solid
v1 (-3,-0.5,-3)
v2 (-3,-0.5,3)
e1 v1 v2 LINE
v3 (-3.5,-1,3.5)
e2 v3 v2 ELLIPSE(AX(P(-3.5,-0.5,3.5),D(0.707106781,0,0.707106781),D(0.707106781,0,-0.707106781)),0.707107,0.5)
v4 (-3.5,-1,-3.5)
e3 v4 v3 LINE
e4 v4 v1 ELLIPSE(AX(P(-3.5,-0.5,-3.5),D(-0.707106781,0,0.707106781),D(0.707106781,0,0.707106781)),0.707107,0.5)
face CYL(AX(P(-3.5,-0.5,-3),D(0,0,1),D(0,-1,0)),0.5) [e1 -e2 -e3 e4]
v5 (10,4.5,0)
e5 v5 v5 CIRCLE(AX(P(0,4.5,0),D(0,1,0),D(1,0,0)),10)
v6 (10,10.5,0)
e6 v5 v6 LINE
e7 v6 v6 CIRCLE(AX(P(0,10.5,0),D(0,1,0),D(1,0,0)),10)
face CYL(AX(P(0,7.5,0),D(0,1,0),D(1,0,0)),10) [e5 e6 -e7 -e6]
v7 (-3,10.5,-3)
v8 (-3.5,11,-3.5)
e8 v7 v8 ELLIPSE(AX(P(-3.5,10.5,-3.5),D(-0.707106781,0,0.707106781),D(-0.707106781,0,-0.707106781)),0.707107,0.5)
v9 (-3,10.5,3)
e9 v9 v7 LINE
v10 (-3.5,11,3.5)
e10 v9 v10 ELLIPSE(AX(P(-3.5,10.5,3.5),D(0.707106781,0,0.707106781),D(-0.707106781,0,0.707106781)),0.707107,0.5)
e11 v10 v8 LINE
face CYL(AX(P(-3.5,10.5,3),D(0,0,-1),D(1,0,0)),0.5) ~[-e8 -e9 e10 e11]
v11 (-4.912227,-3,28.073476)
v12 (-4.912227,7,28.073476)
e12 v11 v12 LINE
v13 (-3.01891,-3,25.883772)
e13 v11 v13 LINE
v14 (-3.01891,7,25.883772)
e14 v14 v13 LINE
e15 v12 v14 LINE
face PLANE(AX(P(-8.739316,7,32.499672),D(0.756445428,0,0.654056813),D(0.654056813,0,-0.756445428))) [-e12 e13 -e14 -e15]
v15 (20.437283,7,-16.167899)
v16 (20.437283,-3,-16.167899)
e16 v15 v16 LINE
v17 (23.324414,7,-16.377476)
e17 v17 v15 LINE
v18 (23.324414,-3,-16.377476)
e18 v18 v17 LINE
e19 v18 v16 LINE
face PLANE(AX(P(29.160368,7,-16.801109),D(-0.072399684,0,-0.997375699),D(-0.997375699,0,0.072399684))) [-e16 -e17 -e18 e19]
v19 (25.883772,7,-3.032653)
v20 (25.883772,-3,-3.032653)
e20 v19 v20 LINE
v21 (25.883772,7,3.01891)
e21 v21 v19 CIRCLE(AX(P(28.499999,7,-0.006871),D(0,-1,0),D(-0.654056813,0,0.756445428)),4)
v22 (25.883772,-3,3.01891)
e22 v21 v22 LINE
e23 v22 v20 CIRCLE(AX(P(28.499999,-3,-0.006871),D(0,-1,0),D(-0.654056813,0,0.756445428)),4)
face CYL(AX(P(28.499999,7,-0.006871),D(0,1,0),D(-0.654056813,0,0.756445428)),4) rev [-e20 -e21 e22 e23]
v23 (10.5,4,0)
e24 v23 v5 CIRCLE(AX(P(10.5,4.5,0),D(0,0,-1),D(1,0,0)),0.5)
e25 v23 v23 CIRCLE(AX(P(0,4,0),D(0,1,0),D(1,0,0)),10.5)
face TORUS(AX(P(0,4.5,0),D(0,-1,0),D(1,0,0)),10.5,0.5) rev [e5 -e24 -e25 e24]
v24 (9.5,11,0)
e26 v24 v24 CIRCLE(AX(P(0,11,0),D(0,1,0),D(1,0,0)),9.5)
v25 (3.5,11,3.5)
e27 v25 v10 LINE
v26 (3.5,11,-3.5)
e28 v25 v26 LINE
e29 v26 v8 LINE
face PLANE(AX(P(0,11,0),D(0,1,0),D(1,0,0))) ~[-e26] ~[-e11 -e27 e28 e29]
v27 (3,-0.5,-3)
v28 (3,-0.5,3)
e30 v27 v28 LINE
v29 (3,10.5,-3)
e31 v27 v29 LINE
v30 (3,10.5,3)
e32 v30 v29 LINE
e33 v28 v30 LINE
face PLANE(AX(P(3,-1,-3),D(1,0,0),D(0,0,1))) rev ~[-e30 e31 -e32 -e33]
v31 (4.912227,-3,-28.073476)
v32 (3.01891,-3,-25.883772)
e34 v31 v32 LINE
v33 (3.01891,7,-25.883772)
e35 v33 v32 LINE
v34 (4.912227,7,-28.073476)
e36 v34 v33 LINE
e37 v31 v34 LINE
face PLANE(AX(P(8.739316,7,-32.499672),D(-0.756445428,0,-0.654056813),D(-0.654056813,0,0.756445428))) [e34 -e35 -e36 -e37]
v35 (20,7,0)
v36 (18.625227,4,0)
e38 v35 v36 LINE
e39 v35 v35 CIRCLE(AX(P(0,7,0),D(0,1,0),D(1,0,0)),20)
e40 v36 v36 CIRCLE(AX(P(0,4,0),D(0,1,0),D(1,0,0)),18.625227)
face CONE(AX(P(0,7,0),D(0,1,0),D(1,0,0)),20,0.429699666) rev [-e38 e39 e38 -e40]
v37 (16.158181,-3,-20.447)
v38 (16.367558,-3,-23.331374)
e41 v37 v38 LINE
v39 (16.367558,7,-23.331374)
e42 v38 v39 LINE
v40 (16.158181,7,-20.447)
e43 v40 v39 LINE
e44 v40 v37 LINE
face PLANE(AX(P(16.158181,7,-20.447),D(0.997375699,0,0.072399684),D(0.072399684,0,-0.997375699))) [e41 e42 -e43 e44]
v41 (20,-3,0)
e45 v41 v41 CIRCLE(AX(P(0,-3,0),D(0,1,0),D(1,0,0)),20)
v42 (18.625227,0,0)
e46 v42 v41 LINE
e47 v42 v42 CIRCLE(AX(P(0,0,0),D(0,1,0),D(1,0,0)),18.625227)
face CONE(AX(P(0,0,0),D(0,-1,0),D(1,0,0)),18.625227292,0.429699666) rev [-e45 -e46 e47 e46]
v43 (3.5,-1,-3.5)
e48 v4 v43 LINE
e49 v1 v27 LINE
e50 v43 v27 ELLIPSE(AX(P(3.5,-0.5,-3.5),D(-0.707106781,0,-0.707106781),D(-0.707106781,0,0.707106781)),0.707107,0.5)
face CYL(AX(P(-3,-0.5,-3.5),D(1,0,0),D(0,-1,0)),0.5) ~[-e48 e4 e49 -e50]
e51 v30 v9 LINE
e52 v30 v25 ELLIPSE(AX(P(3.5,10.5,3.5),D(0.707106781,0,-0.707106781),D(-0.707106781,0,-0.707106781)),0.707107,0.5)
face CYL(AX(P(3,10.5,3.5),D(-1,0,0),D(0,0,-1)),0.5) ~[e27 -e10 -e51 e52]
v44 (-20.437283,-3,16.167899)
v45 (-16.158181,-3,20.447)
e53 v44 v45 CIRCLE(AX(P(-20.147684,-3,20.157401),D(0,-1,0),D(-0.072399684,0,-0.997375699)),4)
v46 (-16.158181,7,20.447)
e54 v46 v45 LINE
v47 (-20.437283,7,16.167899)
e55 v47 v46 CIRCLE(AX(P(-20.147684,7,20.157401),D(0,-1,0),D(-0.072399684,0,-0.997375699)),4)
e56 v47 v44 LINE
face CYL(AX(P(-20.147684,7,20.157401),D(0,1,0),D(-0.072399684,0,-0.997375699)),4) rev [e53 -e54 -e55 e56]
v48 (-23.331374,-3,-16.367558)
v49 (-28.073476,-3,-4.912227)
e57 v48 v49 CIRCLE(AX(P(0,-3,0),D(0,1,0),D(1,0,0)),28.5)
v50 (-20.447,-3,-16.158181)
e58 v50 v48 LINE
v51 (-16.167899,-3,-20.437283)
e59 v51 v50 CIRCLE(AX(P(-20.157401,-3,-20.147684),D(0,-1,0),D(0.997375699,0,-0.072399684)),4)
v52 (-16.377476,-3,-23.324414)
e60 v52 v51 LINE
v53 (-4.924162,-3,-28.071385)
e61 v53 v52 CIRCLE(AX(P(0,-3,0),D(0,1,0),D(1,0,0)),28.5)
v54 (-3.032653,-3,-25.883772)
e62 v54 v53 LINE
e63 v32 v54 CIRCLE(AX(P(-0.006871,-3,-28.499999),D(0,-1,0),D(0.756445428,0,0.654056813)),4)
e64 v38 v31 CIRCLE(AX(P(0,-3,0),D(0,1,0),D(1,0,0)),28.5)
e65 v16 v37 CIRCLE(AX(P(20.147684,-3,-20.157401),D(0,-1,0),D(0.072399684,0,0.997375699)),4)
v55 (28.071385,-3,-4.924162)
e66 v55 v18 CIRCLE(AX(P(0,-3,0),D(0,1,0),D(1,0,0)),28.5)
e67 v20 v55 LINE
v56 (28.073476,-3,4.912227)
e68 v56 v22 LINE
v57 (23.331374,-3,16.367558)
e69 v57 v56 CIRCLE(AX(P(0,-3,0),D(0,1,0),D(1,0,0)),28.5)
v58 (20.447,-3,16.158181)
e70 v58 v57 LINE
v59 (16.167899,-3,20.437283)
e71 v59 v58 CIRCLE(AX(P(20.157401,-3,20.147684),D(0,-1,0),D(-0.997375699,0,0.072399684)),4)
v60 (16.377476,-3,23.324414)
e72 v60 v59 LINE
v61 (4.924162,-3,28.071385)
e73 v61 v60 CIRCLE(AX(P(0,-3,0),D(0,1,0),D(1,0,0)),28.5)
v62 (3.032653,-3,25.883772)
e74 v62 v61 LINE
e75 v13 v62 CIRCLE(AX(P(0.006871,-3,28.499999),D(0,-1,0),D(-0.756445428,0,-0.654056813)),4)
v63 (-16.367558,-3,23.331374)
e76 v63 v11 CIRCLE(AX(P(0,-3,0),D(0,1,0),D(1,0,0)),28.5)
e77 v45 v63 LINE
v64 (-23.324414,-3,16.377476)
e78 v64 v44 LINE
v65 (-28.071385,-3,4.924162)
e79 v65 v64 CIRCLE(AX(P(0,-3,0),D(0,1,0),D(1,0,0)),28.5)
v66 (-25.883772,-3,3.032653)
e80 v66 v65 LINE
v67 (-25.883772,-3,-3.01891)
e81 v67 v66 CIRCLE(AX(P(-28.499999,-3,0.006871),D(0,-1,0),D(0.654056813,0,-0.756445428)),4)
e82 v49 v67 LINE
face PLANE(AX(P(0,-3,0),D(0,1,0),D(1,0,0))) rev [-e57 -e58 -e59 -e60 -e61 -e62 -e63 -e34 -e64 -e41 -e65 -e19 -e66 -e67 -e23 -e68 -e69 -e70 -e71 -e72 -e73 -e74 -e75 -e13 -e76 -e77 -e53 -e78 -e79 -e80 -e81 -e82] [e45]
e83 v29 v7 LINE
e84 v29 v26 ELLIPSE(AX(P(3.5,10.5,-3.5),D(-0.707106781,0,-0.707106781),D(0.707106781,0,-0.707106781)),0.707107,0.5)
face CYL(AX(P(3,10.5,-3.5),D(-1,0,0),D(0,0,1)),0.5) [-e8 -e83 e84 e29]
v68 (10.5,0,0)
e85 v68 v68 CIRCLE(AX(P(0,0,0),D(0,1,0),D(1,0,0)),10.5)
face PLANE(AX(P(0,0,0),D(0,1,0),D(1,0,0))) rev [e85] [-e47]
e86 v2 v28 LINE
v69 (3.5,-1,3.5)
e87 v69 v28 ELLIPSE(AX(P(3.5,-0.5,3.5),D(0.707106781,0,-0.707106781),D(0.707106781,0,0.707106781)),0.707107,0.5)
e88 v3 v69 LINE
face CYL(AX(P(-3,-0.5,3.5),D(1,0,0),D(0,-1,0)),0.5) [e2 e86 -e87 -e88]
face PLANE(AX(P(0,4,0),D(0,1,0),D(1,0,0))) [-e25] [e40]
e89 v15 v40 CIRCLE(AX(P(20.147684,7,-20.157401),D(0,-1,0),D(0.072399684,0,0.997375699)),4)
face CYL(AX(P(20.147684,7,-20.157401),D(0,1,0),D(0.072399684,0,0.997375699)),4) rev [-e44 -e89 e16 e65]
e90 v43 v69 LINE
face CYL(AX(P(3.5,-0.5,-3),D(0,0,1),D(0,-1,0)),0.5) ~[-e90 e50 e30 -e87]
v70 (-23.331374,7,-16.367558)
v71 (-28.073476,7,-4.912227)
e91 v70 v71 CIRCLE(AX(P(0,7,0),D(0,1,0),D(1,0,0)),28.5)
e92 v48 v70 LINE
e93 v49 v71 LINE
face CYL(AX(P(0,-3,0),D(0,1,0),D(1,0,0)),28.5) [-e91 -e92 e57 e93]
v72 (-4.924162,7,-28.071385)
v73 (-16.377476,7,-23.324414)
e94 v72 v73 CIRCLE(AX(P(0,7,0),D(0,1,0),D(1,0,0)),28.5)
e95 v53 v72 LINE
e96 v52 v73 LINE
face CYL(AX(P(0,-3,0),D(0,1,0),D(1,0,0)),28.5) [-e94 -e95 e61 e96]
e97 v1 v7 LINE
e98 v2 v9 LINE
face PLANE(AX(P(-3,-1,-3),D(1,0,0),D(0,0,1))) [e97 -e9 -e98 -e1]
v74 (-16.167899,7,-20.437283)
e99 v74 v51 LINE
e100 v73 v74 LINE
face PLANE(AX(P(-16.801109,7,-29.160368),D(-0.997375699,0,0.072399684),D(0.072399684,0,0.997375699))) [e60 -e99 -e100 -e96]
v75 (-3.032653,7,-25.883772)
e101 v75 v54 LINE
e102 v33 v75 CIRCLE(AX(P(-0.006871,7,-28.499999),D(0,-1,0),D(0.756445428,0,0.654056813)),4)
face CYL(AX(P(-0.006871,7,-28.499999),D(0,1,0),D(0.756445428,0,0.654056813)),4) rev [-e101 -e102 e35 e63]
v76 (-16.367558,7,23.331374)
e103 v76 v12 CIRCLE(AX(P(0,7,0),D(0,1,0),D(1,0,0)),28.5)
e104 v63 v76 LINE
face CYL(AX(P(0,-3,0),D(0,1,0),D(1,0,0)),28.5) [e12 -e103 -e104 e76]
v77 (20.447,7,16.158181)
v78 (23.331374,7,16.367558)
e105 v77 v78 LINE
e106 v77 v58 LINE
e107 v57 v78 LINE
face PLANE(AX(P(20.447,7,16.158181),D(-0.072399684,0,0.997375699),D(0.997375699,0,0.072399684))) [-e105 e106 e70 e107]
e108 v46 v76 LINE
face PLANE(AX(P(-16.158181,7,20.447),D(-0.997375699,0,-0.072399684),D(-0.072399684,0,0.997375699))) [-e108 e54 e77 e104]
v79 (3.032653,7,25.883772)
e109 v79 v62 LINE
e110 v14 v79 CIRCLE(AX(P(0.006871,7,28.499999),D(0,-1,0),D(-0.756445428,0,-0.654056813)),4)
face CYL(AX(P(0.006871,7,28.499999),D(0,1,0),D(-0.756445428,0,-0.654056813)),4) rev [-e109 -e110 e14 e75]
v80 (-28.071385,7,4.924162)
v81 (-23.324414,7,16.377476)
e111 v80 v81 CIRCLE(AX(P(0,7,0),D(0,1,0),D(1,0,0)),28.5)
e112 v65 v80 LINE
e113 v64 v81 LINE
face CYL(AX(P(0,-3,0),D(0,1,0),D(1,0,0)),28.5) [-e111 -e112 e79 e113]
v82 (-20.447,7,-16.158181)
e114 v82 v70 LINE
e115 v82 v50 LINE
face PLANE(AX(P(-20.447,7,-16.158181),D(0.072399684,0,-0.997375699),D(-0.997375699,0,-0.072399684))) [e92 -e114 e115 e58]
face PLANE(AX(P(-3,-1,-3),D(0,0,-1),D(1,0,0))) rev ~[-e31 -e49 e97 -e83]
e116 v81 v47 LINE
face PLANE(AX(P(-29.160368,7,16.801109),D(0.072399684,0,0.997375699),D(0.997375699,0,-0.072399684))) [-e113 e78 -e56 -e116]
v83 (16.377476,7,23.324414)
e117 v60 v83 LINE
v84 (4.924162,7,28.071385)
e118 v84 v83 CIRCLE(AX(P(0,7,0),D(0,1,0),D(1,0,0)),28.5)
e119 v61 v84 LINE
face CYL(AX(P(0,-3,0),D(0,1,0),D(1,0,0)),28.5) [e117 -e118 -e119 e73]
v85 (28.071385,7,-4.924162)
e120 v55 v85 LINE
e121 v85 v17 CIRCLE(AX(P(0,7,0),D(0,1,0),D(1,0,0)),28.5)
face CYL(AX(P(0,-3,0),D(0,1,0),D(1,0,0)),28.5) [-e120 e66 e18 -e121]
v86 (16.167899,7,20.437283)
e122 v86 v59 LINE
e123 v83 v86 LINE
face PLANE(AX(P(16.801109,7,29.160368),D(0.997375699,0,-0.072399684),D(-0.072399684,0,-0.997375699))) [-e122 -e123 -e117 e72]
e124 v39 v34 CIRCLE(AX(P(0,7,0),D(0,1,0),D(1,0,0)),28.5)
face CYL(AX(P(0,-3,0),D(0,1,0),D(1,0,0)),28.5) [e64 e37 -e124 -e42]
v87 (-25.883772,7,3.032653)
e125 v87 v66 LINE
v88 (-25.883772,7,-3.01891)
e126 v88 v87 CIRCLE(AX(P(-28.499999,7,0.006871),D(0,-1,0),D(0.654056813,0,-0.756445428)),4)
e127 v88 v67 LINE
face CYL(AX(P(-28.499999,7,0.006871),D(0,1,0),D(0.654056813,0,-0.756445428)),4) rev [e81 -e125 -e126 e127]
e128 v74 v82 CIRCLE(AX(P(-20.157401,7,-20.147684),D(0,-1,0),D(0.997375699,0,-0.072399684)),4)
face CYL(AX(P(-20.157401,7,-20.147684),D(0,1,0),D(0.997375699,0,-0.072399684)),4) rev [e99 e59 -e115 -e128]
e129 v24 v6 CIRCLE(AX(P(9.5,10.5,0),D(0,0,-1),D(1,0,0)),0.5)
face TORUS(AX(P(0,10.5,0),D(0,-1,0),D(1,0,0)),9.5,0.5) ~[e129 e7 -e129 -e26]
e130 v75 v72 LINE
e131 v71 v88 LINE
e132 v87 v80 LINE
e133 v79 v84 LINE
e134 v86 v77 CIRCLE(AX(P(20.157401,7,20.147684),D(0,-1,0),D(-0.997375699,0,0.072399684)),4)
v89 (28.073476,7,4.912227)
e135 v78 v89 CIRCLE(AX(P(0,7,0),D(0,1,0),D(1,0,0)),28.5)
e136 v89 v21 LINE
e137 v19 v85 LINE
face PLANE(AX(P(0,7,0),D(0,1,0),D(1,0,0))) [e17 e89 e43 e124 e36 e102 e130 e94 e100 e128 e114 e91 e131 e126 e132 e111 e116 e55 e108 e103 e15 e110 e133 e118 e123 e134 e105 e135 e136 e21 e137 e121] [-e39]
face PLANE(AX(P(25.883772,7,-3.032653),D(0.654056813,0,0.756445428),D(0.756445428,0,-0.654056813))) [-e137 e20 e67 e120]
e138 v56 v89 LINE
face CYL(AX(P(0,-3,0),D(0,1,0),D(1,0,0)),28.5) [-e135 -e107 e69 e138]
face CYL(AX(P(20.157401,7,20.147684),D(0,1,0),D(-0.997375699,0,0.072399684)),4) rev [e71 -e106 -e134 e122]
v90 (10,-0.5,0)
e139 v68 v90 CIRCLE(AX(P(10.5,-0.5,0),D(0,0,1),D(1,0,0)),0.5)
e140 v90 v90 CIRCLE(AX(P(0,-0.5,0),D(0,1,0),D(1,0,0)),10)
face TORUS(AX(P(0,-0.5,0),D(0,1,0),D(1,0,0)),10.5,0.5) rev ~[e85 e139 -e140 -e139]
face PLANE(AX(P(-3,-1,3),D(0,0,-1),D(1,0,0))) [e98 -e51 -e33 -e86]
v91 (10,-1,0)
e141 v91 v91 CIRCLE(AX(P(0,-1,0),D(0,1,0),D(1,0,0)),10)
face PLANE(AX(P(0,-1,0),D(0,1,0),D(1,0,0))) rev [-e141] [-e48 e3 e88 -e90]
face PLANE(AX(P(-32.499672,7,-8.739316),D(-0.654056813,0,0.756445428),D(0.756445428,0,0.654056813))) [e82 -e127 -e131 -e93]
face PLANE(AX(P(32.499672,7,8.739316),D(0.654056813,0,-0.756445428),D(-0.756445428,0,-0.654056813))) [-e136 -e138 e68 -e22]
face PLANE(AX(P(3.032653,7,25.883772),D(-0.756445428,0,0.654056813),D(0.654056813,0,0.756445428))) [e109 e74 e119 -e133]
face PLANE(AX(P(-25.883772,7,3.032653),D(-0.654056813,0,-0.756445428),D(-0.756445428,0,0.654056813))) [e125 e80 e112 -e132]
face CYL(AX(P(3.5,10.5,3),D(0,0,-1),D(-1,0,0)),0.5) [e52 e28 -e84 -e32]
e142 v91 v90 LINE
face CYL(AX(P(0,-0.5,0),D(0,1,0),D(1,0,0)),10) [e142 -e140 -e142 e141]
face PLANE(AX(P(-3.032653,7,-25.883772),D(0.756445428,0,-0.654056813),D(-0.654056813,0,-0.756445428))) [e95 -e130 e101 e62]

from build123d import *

# Parameters (mm, degrees)
SKETCH_1_W          = 10
SKETCH_1_H          = 7
SKETCH_1_H_2        = 1
FILLET_3_R          = 0.5
FILLET_4_R          = 0.5
CUT_EXTRUDE_1_DEPTH = 10
CUT_EXTRUDE_2_REACH = 14
SKETCH_5_W          = 6
SKETCH_5_H          = 6
FILLET_5_R          = 0.5
FILLET_6_R          = 0.5


with BuildPart() as part:
    # Эскиз1 → Повернуть1 (revolve)
    with BuildSketch(Plane.XY):
        Polygon((20, 4), (20, 2), (20, 0), (20, -3), (28.5, -3), (28.5, 7), (20, 7), align=None)
        Polygon((20, 0), (20, 2), (20, 4), (18.625227292, 4), (10, 4), (0, 4), (0, 0), (10, 0), (18.625227292, 0), align=None)
        with Locations((5, 7.5)):
            Rectangle(SKETCH_1_W, SKETCH_1_H)
        with Locations((5, -0.5)):
            Rectangle(SKETCH_1_W, SKETCH_1_H_2)
        Polygon((18.625227292, 4), (20, 4), (20, 7), align=None)
        Polygon((20, -3), (20, 0), (18.625227292, 0), align=None)
    revolve(axis=Axis((0, 0, 0), (0, 1, 0)))

    # Скругление3
    fillet_3_edges = [part.edges().sort_by_distance(p)[0] for p in [
        (-10, 4, 0),
    ]]
    fillet(fillet_3_edges, radius=FILLET_3_R)

    # Скругление4
    fillet_4_edges = [part.edges().sort_by_distance(p)[0] for p in [
        (-10, 0, 0),
    ]]
    fillet(fillet_4_edges, radius=FILLET_4_R)

    # Эскиз4 → Вырез-Вытянуть1 (cut)
    with BuildSketch(Plane(origin=(0, 7, 0), x_dir=(1, 0, 0), z_dir=(0, 1, 0))):
        with BuildLine():
            Line((-3.032652989, 25.883771919), (-8.753058696, 32.499672333))
            Line((-8.753058696, 32.499672333), (8.739316139, 32.499672333))
            Line((8.739316139, 32.499672333), (3.018910432, 25.883771919))
            ThreePointArc((3.018910432, 25.883771919), (-0.006871279, 24.499999172), (-3.032652989, 25.883771919))
        make_face()
        with BuildLine():
            Line((16.791391533, 29.170085853), (29.160368398, 16.801108988))
            Line((29.160368398, 16.801108988), (20.437282685, 16.167898608))
            ThreePointArc((20.437282685, 16.167898608), (17.319256826, 17.328974281), (16.158181153, 20.44700014))
            Line((16.158181153, 20.44700014), (16.791391533, 29.170085853))
        make_face()
        with BuildLine():
            Line((32.499672333, 8.753058696), (32.499672333, -8.739316139))
            Line((32.499672333, -8.739316139), (25.883771919, -3.018910432))
            ThreePointArc((25.883771919, -3.018910432), (24.499999172, 0.006871279), (25.883771919, 3.032652989))
            Line((25.883771919, 3.032652989), (32.499672333, 8.753058696))
        make_face()
        with BuildLine():
            Line((29.170085853, -16.791391533), (16.801108988, -29.160368398))
            Line((16.801108988, -29.160368398), (16.167898608, -20.437282685))
            ThreePointArc((16.167898608, -20.437282685), (17.328974281, -17.319256826), (20.44700014, -16.158181153))
            Line((20.44700014, -16.158181153), (29.170085853, -16.791391533))
        make_face()
        with BuildLine():
            Line((8.753058696, -32.499672333), (-8.739316139, -32.499672333))
            Line((-8.739316139, -32.499672333), (-3.018910432, -25.883771919))
            ThreePointArc((-3.018910432, -25.883771919), (0.006871279, -24.499999172), (3.032652989, -25.883771919))
            Line((3.032652989, -25.883771919), (8.753058696, -32.499672333))
        make_face()
        with BuildLine():
            Line((-16.791391533, -29.170085853), (-29.160368398, -16.801108988))
            Line((-29.160368398, -16.801108988), (-20.437282685, -16.167898608))
            ThreePointArc((-20.437282685, -16.167898608), (-17.319256826, -17.328974281), (-16.158181153, -20.44700014))
            Line((-16.158181153, -20.44700014), (-16.791391533, -29.170085853))
        make_face()
        with BuildLine():
            Line((-32.499672333, -8.753058696), (-32.499672333, 8.739316139))
            Line((-32.499672333, 8.739316139), (-25.883771919, 3.018910432))
            ThreePointArc((-25.883771919, 3.018910432), (-24.499999172, -0.006871279), (-25.883771919, -3.032652989))
            Line((-25.883771919, -3.032652989), (-32.499672333, -8.753058696))
        make_face()
        with BuildLine():
            Line((-29.170085853, 16.791391533), (-16.801108988, 29.160368398))
            Line((-16.801108988, 29.160368398), (-16.167898608, 20.437282685))
            ThreePointArc((-16.167898608, 20.437282685), (-17.328974281, 17.319256826), (-20.44700014, 16.158181153))
            Line((-20.44700014, 16.158181153), (-29.170085853, 16.791391533))
        make_face()
    extrude(amount=-CUT_EXTRUDE_1_DEPTH, mode=Mode.SUBTRACT)

    # Эскиз5 → Вырез-Вытянуть2 (cut, up to next)
    with BuildSketch(Plane.XZ.offset(1), mode=Mode.PRIVATE) as cut_extrude_2_sk1:
        Rectangle(SKETCH_5_W, SKETCH_5_H)
    cut_extrude_2_tool1 = extrude(cut_extrude_2_sk1.sketch, amount=-CUT_EXTRUDE_2_REACH, mode=Mode.PRIVATE) & part.part
    add(cut_extrude_2_tool1.solids().sort_by_distance((0, -1, 0))[0], mode=Mode.SUBTRACT)

    # Скругление5
    fillet_5_edges = [part.edges().sort_by_distance(p)[0] for p in [
        (3, -1, 0),
        (0, -1, 3),
        (-3, -1, 0),
        (0, -1, -3),
        (0, 11, 3),
        (3, 11, 0),
        (0, 11, -3),
        (-3, 11, 0),
    ]]
    fillet(fillet_5_edges, radius=FILLET_5_R)

    # Скругление6
    fillet_6_edges = [part.edges().sort_by_distance(p)[0] for p in [
        (-10, 11, 0),
    ]]
    fillet(fillet_6_edges, radius=FILLET_6_R)


solid = part.part
